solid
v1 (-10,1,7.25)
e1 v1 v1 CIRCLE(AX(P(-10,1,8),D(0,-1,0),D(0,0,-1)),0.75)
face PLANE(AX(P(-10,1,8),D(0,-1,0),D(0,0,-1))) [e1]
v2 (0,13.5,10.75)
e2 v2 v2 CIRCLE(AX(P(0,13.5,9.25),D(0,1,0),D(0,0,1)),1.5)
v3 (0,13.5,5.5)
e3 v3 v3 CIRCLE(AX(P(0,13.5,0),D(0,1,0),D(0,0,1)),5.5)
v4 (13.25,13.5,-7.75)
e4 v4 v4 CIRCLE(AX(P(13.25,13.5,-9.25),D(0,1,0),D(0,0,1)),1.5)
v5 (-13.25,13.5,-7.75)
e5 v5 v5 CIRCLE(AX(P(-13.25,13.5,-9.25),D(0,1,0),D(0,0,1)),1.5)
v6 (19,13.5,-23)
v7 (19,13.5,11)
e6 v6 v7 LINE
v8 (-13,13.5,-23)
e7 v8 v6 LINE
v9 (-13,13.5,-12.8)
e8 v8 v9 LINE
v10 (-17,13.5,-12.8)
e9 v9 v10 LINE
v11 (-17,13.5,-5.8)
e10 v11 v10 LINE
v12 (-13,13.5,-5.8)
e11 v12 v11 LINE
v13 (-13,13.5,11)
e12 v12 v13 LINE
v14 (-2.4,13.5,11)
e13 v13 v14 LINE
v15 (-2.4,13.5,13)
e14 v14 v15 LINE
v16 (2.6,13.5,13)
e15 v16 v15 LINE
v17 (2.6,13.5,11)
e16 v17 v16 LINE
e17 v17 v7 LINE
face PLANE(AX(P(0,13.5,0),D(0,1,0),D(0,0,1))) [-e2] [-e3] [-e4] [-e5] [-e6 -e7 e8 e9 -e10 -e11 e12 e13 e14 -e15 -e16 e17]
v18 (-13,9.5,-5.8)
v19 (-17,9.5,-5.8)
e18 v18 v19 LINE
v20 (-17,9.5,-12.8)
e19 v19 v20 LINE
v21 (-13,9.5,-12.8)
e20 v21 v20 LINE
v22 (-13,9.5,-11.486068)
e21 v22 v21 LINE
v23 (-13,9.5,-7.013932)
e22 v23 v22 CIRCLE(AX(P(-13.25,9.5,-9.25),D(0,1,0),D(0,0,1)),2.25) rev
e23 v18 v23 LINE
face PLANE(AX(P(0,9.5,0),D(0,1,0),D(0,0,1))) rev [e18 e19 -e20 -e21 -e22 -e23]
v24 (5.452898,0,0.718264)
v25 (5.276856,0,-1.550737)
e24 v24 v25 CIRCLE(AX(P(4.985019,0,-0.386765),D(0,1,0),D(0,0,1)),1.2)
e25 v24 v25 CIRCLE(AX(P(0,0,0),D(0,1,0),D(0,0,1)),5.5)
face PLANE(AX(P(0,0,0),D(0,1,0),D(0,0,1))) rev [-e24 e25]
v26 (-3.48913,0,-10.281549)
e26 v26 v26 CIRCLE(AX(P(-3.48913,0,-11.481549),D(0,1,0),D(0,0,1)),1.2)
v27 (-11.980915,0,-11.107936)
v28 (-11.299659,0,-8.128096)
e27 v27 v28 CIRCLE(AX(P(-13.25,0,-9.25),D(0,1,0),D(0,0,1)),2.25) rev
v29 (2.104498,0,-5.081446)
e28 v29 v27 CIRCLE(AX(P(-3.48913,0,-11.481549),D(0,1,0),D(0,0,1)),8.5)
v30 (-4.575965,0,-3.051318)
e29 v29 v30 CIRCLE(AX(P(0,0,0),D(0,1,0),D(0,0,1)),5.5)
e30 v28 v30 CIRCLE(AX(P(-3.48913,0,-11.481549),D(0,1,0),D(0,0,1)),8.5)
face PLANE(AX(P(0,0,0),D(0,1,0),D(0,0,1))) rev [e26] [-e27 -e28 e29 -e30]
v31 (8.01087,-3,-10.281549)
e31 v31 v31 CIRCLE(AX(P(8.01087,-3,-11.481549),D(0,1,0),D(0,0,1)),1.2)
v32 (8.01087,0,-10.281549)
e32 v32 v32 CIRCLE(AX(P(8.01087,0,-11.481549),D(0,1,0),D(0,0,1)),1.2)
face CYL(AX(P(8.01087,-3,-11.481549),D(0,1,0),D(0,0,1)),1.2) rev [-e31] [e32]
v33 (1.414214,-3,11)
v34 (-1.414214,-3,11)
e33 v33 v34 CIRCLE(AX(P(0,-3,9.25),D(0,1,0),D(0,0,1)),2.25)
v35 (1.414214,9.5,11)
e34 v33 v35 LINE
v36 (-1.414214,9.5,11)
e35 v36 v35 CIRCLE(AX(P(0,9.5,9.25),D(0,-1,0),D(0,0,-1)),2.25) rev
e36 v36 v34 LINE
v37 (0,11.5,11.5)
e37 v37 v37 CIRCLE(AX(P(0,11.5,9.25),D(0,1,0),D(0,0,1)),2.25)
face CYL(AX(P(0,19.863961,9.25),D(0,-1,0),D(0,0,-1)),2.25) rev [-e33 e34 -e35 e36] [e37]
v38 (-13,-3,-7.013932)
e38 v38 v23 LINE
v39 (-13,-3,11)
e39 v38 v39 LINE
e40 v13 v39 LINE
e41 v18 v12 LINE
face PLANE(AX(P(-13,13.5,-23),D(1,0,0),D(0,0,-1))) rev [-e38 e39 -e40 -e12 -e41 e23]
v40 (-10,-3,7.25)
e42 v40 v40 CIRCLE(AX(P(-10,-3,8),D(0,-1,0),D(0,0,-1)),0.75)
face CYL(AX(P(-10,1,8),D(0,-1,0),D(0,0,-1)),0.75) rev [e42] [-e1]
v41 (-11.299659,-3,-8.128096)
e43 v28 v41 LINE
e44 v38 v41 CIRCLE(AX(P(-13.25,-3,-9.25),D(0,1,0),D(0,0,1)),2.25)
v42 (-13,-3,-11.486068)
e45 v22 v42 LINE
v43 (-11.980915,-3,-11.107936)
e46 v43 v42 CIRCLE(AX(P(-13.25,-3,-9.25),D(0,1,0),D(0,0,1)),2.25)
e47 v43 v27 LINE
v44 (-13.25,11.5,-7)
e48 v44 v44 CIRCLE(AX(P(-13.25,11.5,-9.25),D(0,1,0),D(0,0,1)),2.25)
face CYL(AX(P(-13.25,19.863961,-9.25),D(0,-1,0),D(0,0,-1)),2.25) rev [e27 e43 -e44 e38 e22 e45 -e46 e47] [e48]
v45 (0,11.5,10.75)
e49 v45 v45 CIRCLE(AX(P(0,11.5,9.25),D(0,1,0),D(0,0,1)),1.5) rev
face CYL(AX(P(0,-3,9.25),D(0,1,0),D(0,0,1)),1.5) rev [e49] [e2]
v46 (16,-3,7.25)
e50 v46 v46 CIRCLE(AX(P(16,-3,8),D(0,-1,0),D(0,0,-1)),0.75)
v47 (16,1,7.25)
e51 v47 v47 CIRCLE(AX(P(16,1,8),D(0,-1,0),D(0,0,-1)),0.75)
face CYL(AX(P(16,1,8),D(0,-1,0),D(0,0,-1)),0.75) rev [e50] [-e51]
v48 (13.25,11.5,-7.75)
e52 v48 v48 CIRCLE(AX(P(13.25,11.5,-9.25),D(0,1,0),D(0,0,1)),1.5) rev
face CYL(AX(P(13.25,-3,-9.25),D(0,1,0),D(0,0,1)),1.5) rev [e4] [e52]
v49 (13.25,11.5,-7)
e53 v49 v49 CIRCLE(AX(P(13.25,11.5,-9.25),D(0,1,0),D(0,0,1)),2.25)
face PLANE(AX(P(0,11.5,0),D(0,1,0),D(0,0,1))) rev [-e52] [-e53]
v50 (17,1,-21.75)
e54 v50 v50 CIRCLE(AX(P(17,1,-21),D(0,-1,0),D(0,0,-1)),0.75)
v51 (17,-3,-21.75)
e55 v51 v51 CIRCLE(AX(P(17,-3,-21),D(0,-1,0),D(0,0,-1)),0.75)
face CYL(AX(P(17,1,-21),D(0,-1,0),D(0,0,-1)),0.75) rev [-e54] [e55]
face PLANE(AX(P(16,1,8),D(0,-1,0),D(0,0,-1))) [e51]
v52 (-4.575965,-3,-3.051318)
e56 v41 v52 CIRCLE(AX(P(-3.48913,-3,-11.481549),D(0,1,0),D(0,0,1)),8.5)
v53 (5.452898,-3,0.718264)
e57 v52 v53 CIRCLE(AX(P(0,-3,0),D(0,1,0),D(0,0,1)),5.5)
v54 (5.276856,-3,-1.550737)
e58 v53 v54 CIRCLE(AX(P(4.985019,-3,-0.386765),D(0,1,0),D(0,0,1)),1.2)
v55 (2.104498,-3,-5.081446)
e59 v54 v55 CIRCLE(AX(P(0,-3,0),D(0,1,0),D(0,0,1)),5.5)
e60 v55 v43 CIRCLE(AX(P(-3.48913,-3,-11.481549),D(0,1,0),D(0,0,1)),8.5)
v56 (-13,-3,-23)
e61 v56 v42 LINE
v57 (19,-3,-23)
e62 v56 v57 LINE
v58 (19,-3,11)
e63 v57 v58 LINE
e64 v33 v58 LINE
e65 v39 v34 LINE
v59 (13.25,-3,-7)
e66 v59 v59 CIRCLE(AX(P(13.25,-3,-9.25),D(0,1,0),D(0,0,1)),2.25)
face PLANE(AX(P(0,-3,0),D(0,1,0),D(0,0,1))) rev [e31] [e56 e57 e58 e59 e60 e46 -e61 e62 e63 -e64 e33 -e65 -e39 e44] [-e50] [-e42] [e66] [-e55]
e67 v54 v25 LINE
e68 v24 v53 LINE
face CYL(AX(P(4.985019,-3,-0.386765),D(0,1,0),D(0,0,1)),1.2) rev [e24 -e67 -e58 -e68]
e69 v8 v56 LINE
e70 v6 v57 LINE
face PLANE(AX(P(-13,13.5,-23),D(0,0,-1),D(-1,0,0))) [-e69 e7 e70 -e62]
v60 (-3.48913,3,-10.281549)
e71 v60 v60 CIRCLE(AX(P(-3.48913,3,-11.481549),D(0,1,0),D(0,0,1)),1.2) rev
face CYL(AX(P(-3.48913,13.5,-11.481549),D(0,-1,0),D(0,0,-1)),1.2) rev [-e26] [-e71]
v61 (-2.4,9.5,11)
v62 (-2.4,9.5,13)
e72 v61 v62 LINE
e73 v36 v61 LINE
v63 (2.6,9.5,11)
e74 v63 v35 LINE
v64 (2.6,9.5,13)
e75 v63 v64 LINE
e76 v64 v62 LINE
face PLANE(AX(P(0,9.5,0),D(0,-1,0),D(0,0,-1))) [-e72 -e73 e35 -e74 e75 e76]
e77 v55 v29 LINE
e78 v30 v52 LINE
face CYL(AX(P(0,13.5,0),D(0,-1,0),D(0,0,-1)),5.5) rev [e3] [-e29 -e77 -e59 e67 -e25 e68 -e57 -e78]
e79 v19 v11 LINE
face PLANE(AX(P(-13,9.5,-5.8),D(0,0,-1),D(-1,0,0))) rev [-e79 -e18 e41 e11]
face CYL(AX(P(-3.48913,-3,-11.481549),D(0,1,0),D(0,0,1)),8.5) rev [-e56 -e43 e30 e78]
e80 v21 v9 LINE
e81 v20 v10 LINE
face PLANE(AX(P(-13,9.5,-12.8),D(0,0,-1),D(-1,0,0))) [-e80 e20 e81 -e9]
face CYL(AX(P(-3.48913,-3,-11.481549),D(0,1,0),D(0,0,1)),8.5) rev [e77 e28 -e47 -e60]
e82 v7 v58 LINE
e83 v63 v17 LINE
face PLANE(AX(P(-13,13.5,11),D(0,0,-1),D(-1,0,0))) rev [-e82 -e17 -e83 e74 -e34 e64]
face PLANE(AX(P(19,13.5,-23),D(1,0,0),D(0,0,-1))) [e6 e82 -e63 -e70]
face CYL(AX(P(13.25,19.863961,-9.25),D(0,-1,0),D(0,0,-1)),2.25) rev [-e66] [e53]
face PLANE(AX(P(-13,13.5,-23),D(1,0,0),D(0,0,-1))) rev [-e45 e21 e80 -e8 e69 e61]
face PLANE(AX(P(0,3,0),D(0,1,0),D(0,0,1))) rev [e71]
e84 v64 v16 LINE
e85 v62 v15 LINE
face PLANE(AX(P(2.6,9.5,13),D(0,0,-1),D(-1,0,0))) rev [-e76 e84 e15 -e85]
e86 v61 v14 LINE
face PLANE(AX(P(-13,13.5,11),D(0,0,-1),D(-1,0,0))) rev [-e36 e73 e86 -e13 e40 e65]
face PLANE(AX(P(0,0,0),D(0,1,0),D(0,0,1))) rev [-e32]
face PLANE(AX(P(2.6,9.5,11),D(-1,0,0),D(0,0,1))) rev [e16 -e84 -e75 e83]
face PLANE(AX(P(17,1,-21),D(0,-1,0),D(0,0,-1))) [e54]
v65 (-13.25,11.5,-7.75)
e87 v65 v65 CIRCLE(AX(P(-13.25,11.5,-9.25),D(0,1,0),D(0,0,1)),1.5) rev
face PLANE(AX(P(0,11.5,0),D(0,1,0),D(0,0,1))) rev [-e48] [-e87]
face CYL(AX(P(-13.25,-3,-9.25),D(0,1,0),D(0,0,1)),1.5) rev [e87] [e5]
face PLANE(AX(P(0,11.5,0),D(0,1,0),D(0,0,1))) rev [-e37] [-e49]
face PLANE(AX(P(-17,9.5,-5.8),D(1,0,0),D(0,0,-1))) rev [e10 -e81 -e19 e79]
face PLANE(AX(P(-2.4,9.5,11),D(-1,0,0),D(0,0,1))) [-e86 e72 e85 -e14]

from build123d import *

# Parameters (mm, degrees)
SKETCH_1_W          = 32
SKETCH_1_H          = 34
SKETCH_1_R          = 3.388194149
SKETCH_1_R_2        = 1.2
SKETCH_1_R_3        = 5.5
EXTRUDE_1_DEPTH     = 13.5
EXTRUDE_START       = 3
SKETCH_1_26_R       = 1.2
EXTRUDE_3_DEPTH     = 10.5
EXTRUDE_START_2     = -3
SKETCH_1_25_W       = 32
SKETCH_1_25_H       = 34
SKETCH_1_25_R       = 3.388194149
SKETCH_1_25_R_2     = 1.2
EXTRUDE_2_DEPTH     = 3
SKETCH_2_W          = 4
SKETCH_2_H          = 7
SKETCH_2_W_2        = 5
SKETCH_2_H_2        = 2
EXTRUDE_4_DEPTH     = 4
SKETCH_2_3_R        = 1.5
CUT_EXTRUDE_1_DEPTH = 35.091787867
CUT_EXTRUDE_START   = -16.5
SKETCH_2_4_R        = 2.25
CUT_EXTRUDE_2_DEPTH = 14.5
SKETCH_3_R          = 0.75
CUT_EXTRUDE_3_DEPTH = 4
SKETCH_1_27_R       = 3.388194149
EXTRUDE_5_DEPTH     = 16.5


with BuildPart() as part:
    # 草图1 → 凸台-拉伸1 (new body)
    with BuildSketch(Plane(origin=(0, 0, 0), x_dir=(1, 0, 0), z_dir=(0, 1, 0))):
        with Locations((3, 6)):
            Rectangle(SKETCH_1_W, SKETCH_1_H)
        with Locations(Location((11.473501894, 0, 0), (0, 0, 270))):
            Circle(SKETCH_1_R, mode=Mode.SUBTRACT)
        with Locations(Location((-3.489130435, 11.48154906, 0), (0, 0, 270))):
            Circle(SKETCH_1_R_2, mode=Mode.SUBTRACT)
        with Locations(Location((0, 0, 0), (0, 0, 270))):
            Circle(SKETCH_1_R_3, mode=Mode.SUBTRACT)
    extrude(amount=EXTRUDE_1_DEPTH)

    # 草图1<26> → 凸台-拉伸3 (add)
    with BuildSketch(Plane(origin=(0, 0, 0), x_dir=(1, 0, 0), z_dir=(0, 1, 0)).offset(EXTRUDE_START)):
        with Locations(Location((-3.489130435, 11.48154906, 0), (0, 0, 270))):
            Circle(SKETCH_1_26_R)
    extrude(amount=EXTRUDE_3_DEPTH)

    # 草图1<25> → 凸台-拉伸2 (add)
    with BuildSketch(Plane(origin=(0, 0, 0), x_dir=(1, 0, 0), z_dir=(0, 1, 0)).offset(EXTRUDE_START_2)):
        with Locations((3, 6)):
            Rectangle(SKETCH_1_25_W, SKETCH_1_25_H)
        with Locations(Location((11.473501894, 0, 0), (0, 0, 270))):
            Circle(SKETCH_1_25_R, mode=Mode.SUBTRACT)
        with BuildLine():
            ThreePointArc((5.276856444, 1.550737267), (6.181423335, 0.479588939), (5.452898061, -0.718263692))
            ThreePointArc((5.452898061, -0.718263692), (-1.935120147, -5.148330799), (-4.575965094, 3.051318314))
            ThreePointArc((-4.575965094, 3.051318314), (-5.960597826, 19.614312977), (2.104497703, 5.081445603))
            ThreePointArc((2.104497703, 5.081445603), (4.091157856, 3.67592538), (5.276856444, 1.550737267))
        make_face(mode=Mode.SUBTRACT)
        with Locations(Location((8.010869565, 11.48154906, 0), (0, 0, 270))):
            Circle(SKETCH_1_25_R_2, mode=Mode.SUBTRACT)
    extrude(amount=EXTRUDE_2_DEPTH)

    # 草图2 → 凸台-拉伸4 (add)
    with BuildSketch(Plane(origin=(0, 13.5, 0), x_dir=(1, 0, 0), z_dir=(0, 1, 0))):
        with Locations((-15, 9.3)):
            Rectangle(SKETCH_2_W, SKETCH_2_H)
        with Locations((0.1, -12)):
            Rectangle(SKETCH_2_W_2, SKETCH_2_H_2)
    extrude(amount=-EXTRUDE_4_DEPTH)

    # 草图2<3> → 切除-拉伸1 (cut, through all)
    with BuildSketch(Plane(origin=(0, 13.5, 0), x_dir=(1, 0, 0), z_dir=(0, 1, 0))):
        with Locations(Location((-13.25, 9.25, 0), (0, 0, 270))):
            Circle(SKETCH_2_3_R)
        with Locations(Location((0, -9.25, 0), (0, 0, 270))):
            Circle(SKETCH_2_3_R)
        with Locations(Location((13.25, 9.25, 0), (0, 0, 270))):
            Circle(SKETCH_2_3_R)
    extrude(amount=-CUT_EXTRUDE_1_DEPTH, mode=Mode.SUBTRACT)

    # 草图2<4> → 切除-拉伸2 (cut)
    with BuildSketch(Plane(origin=(0, 13.5, 0), x_dir=(1, 0, 0), z_dir=(0, 1, 0)).offset(CUT_EXTRUDE_START)):
        with Locations(Location((-13.25, 9.25, 0), (0, 0, 83.620629792))):
            Circle(SKETCH_2_4_R)
        with Locations(Location((13.25, 9.25, 0), (0, 0, 270))):
            Circle(SKETCH_2_4_R)
        with Locations(Location((0, -9.25, 0), (0, 0, 308.942441269))):
            Circle(SKETCH_2_4_R)
    extrude(amount=CUT_EXTRUDE_2_DEPTH, mode=Mode.SUBTRACT)

    # 草图3 → 切除-拉伸3 (cut)
    with BuildSketch(Plane.XZ.offset(3)):
        with Locations(Location((-10, 8, 0), (0, 0, 270))):
            Circle(SKETCH_3_R)
        with Locations(Location((17, -21, 0), (0, 0, 270))):
            Circle(SKETCH_3_R)
        with Locations(Location((16, 8, 0), (0, 0, 270))):
            Circle(SKETCH_3_R)
    extrude(amount=-CUT_EXTRUDE_3_DEPTH, mode=Mode.SUBTRACT)

    # 草图1<27> → 凸台-拉伸5 (add, through all)
    with BuildSketch(Plane(origin=(0, 0, 0), x_dir=(1, 0, 0), z_dir=(0, 1, 0)).offset(EXTRUDE_START_2)):
        with Locations((11.473501894, 0)):
            Circle(SKETCH_1_27_R)
    extrude(amount=EXTRUDE_5_DEPTH)


solid = part.part
